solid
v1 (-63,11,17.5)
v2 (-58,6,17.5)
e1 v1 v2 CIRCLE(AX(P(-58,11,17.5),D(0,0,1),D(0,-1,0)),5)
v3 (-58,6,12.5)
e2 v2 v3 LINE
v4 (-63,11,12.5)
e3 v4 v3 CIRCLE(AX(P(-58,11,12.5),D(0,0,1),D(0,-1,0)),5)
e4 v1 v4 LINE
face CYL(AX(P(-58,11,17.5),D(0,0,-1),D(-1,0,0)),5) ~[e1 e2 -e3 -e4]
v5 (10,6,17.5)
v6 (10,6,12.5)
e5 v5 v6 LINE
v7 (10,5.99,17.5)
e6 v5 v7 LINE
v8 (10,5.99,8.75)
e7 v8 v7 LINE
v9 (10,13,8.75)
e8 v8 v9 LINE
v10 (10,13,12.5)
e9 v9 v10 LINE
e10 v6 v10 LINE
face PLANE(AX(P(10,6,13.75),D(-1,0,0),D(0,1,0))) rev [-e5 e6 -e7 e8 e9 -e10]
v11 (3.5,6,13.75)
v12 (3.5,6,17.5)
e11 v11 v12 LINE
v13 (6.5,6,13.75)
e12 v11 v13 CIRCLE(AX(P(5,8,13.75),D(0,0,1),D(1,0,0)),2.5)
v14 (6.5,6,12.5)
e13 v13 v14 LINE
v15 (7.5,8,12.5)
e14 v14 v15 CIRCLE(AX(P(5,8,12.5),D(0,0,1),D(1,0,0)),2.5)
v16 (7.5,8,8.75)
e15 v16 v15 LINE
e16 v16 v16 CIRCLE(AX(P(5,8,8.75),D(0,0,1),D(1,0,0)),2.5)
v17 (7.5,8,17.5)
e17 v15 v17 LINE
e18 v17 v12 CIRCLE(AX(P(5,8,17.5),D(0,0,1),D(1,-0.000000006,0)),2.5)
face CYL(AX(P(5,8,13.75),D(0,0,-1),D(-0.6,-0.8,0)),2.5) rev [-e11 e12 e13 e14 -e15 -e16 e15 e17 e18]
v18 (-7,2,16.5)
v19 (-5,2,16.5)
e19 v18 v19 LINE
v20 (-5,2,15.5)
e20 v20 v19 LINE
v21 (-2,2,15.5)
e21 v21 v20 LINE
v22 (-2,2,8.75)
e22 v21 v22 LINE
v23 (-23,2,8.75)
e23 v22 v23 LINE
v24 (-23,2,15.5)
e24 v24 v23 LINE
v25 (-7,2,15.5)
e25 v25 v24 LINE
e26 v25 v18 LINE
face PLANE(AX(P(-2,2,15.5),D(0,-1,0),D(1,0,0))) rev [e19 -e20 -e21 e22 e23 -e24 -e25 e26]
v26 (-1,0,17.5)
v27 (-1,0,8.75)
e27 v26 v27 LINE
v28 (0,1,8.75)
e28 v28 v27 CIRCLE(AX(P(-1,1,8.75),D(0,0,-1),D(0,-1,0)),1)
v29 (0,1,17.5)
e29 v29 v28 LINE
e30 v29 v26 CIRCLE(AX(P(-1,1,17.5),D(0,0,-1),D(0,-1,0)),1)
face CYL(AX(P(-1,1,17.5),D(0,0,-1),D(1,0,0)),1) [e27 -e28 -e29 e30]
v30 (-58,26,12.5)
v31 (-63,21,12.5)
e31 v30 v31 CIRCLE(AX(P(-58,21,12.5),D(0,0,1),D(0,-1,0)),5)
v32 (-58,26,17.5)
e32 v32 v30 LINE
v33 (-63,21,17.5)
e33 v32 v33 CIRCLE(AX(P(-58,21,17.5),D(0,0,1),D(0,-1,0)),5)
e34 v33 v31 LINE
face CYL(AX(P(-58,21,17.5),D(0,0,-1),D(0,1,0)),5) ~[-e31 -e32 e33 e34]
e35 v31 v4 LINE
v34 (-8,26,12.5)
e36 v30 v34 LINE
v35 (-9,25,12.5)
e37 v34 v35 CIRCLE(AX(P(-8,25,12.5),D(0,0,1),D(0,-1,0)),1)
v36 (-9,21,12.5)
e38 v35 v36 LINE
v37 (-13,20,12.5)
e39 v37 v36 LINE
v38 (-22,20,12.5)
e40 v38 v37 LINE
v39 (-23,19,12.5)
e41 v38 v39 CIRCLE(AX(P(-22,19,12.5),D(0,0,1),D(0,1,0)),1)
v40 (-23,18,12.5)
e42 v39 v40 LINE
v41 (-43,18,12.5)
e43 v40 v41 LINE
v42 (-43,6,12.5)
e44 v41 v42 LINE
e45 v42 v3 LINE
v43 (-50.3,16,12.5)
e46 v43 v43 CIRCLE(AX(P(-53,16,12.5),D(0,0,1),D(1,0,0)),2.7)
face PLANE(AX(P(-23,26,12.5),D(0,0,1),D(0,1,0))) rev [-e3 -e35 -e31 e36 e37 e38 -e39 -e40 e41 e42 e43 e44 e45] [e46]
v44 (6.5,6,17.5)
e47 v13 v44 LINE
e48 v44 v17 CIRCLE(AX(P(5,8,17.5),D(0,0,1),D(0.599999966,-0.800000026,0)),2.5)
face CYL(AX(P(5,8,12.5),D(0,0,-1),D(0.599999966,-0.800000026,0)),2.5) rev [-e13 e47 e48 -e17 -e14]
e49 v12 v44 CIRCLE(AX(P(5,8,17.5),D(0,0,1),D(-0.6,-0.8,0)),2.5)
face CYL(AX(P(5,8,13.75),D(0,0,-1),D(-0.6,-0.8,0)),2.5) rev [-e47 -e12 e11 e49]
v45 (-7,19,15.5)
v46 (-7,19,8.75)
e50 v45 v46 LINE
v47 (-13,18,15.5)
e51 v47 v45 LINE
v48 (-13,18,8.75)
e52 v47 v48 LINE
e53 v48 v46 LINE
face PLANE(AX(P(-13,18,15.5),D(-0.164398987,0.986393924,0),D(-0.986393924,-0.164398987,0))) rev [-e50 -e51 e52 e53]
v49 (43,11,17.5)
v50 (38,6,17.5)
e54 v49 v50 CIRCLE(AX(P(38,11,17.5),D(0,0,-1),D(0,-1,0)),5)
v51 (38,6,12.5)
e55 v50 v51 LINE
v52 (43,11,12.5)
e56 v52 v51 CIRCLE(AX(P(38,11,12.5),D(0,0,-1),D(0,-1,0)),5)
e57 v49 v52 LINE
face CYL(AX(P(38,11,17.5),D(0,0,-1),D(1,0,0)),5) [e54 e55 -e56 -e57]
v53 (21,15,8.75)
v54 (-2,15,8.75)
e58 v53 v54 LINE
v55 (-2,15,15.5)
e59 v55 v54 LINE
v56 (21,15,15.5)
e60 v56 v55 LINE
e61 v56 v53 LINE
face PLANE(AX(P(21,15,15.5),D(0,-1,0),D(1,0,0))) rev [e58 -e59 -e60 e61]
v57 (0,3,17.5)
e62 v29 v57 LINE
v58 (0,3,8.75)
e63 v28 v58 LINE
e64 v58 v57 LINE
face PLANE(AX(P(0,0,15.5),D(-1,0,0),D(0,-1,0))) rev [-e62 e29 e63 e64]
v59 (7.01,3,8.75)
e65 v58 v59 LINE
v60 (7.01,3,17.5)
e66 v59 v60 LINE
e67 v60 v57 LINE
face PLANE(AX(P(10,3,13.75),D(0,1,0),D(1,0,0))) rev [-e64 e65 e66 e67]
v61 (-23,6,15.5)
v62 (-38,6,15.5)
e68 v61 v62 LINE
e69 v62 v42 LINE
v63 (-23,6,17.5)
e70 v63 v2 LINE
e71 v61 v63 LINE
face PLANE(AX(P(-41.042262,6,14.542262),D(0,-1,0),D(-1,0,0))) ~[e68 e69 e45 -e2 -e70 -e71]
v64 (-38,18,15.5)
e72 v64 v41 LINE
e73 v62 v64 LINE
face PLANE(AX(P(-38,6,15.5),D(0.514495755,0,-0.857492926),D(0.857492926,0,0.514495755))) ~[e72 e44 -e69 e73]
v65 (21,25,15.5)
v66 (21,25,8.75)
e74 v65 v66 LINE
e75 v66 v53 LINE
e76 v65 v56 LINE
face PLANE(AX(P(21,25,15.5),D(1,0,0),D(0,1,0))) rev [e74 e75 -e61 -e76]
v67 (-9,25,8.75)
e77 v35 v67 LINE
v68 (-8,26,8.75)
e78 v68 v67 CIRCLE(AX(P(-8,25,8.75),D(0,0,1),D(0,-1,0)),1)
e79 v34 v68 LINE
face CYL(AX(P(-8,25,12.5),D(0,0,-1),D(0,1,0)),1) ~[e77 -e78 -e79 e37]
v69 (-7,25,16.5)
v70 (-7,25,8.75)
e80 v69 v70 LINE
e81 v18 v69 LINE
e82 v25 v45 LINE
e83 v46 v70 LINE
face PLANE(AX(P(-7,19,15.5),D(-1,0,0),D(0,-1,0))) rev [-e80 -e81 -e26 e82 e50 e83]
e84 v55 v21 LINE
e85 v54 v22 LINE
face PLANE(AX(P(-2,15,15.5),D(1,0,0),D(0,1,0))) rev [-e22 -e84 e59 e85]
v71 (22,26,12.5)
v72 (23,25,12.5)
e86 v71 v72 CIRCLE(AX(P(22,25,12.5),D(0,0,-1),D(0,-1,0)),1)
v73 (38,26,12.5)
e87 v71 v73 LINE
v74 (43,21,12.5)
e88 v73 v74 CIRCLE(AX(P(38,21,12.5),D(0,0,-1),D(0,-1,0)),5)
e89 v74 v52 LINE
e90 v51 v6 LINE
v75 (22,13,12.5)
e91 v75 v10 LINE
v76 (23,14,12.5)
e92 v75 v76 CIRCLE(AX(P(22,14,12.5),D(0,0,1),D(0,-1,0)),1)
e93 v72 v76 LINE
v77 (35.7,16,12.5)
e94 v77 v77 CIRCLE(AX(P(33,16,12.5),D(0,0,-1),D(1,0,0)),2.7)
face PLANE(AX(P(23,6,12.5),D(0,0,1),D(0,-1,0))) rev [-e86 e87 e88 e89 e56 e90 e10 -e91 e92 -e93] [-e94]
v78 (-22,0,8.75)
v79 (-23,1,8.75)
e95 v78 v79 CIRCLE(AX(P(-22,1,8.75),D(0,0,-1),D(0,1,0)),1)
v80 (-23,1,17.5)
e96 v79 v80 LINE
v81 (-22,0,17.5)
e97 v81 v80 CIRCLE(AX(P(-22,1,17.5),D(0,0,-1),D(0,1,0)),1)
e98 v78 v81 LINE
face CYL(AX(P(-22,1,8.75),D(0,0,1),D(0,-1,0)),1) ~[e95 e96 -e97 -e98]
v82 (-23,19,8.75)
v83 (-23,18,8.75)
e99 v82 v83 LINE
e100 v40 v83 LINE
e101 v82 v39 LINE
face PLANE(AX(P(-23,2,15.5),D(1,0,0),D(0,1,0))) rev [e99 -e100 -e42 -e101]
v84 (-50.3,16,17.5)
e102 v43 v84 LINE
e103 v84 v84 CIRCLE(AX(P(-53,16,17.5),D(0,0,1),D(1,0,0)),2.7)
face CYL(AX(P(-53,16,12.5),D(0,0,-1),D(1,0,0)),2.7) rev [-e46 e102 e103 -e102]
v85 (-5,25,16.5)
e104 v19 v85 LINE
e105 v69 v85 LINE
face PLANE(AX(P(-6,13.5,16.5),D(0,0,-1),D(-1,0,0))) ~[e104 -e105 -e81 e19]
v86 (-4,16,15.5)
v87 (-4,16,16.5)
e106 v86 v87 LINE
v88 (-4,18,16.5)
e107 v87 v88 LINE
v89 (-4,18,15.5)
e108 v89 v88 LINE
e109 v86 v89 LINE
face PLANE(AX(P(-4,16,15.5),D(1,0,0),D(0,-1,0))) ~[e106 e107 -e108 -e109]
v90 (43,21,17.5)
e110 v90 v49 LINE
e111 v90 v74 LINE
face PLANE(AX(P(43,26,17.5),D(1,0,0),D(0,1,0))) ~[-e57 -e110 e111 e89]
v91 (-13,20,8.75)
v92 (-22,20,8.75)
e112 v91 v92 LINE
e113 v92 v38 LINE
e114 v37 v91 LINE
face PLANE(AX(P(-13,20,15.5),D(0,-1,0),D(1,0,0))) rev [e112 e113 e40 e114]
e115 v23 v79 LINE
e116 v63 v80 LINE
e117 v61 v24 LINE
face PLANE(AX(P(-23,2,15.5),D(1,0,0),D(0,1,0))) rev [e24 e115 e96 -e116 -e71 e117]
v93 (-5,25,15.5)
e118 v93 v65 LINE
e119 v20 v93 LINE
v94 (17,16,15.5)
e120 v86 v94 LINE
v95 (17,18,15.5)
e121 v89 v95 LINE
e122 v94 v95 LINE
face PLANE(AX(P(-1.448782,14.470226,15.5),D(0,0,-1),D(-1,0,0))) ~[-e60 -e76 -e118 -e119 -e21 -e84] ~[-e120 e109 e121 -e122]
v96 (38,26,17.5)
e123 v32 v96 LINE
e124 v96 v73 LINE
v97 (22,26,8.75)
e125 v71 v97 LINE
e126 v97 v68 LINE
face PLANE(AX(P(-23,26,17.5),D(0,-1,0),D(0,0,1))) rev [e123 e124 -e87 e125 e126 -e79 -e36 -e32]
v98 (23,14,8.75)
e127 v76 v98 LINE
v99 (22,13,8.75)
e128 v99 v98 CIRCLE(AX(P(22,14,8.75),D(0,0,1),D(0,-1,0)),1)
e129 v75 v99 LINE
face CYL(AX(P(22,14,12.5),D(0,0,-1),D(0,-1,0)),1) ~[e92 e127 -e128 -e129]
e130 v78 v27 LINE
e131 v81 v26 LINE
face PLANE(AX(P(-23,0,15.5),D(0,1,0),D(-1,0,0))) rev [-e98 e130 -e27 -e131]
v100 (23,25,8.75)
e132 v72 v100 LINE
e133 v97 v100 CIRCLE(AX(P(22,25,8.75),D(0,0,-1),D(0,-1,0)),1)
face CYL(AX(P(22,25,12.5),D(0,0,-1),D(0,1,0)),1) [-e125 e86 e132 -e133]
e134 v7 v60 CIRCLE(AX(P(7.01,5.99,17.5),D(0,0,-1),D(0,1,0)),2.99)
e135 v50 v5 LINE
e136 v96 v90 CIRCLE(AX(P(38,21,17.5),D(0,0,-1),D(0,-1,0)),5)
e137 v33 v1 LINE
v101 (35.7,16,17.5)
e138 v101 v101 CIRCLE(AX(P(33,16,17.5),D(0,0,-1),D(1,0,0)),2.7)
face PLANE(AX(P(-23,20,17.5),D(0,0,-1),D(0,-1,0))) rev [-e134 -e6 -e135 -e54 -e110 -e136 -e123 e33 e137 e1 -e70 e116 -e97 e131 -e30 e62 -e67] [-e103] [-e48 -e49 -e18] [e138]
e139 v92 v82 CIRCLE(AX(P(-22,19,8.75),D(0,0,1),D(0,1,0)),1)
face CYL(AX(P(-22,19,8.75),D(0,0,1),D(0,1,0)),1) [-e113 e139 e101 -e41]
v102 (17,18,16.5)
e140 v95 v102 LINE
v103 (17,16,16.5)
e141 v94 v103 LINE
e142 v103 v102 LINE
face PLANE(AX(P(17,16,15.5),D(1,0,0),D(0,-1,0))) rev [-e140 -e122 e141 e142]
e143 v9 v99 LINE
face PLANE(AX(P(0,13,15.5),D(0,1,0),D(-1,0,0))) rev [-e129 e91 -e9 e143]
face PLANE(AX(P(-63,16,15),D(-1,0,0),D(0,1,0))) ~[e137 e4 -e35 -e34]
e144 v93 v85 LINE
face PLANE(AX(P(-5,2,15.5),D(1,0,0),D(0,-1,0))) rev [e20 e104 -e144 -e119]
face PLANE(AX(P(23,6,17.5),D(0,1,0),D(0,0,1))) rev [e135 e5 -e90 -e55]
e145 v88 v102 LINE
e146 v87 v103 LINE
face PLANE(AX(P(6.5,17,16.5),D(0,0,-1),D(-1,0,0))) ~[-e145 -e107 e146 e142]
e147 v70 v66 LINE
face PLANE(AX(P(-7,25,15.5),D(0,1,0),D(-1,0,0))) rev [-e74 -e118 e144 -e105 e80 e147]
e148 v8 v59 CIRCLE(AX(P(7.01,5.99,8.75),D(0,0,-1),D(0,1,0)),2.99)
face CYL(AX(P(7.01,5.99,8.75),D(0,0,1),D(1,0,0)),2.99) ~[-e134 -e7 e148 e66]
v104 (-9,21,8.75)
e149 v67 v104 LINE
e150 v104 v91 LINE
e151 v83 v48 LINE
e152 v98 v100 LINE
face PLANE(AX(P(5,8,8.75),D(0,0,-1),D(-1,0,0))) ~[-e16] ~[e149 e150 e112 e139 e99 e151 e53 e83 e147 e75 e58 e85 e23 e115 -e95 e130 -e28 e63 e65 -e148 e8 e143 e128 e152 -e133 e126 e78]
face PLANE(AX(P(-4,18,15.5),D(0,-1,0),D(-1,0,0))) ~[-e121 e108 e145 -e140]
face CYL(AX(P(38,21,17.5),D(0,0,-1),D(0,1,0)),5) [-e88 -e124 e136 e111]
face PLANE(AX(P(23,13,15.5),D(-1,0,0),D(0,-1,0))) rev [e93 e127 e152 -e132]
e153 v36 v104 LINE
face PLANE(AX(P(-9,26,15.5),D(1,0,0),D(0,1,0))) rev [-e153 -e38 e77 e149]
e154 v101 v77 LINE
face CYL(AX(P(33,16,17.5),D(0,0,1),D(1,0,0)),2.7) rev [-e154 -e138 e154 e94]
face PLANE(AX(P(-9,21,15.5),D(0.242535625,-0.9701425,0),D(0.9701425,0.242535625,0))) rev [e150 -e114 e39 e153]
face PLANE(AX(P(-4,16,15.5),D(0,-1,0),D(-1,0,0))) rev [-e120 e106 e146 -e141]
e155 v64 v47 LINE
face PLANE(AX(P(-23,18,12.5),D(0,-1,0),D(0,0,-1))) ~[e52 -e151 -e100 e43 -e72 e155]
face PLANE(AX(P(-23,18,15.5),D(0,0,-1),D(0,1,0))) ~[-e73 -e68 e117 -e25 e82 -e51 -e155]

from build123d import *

# Parameters (mm, degrees)
PAD101_DEPTH    = 2
PAD102_DEPTH    = 6.75
SKETCH142_W     = 2
SKETCH142_H     = 23
SKETCH142_W_2   = 21
SKETCH142_H_2   = 2
POCKET042_DEPTH = 1
SKETCH143_W     = 10
SKETCH143_H     = 10
PAD103_DEPTH    = 5
SKETCH144_R     = 2.5
POCKET043_DEPTH = 5
SKETCH145_W     = 20
SKETCH145_H     = 20
PAD104_DEPTH    = 5
SKETCH146_R     = 2.7
POCKET044_DEPTH = 8.751
PAD105_DEPTH    = 23
PAD106_DEPTH    = 3.75
POCKET045_DEPTH = 5.001
PAD107_DEPTH    = 20
SKETCH148_W     = 20
SKETCH148_H     = 5
PAD108_DEPTH    = 20
PAD109_DEPTH    = 14
SKETCH149_R     = 2.7
POCKET046_DEPTH = 5
FILLET021_R     = 5
FILLET022_R     = 2.99
FILLET023_R     = 1
PAD110_DEPTH    = 12


with BuildPart() as body050:
    # Sketch140 → Pad101 (new body)
    with BuildSketch(Plane.XY):
        Polygon((-23, 18), (-23, 0), (0, 0), (0, 13), (23, 13), (23, 26), (-7, 26), (-9, 26), (-9, 21), (-13, 20), (-23, 20), align=None)
    extrude(amount=PAD101_DEPTH)

    # Sketch141 (on Face13 of Pad101) → Pad102 (join)
    with BuildSketch(Plane.XY.offset(2)):
        Polygon((-23, 0), (0, 0), (0, 13), (23, 13), (23, 26), (-9, 26), (-9, 21), (-13, 20), (-23, 20), (-23, 18), (-13, 18), (-7, 19), (-7, 25), (21, 25), (21, 15), (-2, 15), (-2, 2), (-23, 2), align=None)
    extrude(amount=PAD102_DEPTH)

    # Sketch142 (on Face7 of Pad102) → Pocket042 (cut)
    with BuildSketch(Plane.XY.offset(2)):
        with Locations((-6, 13.5)):
            Rectangle(SKETCH142_W, SKETCH142_H)
        with Locations((6.5, 17)):
            Rectangle(SKETCH142_W_2, SKETCH142_H_2)
    extrude(amount=-POCKET042_DEPTH, mode=Mode.SUBTRACT)

    # Sketch143 (on Face18 of Pocket042) → Pad103 (join)
    with BuildSketch(Plane.XY.offset(8.75)):
        with Locations((5, 8)):
            Rectangle(SKETCH143_W, SKETCH143_H)
    extrude(amount=-PAD103_DEPTH)

    # Sketch144 (on Face29 of Pad103) → Pocket043 (cut)
    with BuildSketch(Plane.XY.offset(8.75)):
        with Locations((5, 8)):
            Circle(SKETCH144_R)
    extrude(amount=-POCKET043_DEPTH, mode=Mode.SUBTRACT)

    # Sketch145 (on Face4 of Pocket043) → Pad104 (join)
    with BuildSketch(Plane(origin=(0, 0, 0), x_dir=(1, 0, 0), z_dir=(0, 0, -1))):
        with Locations((33, -16)):
            Rectangle(SKETCH145_W, SKETCH145_H)
    extrude(amount=-PAD104_DEPTH)

    # Sketch146 (on Face13 of Pad104) → Pocket044 (cut, through all)
    with BuildSketch(Plane(origin=(0, 0, 0), x_dir=(1, 0, 0), z_dir=(0, 0, -1))):
        with Locations((33, -16)):
            Circle(SKETCH146_R)
    extrude(amount=-POCKET044_DEPTH, mode=Mode.SUBTRACT)

    # Pocket044 Face25 → Pad105 (add)
    with BuildSketch(Plane(origin=(23, 9.5, 2.5), x_dir=(0, 1, 0), z_dir=(-1, 0, 0))):
        Polygon((3.5, 2.5), (-3.5, 2.5), (-3.5, -2.5), (3.5, -2.5), (3.5, 0.5), align=None)
    extrude(amount=PAD105_DEPTH)

    # Pad105 Face46 → Pad106 (add)
    with BuildSketch(Plane(origin=(5, 4.454221, 3.75), x_dir=(0, -1, 0), z_dir=(0, 0, -1))):
        with BuildLine():
            Line((-1.545779, 5), (-1.545779, 1.5))
            ThreePointArc((-1.545779, 1.5), (-1.045779, 0), (-1.545779, -1.5))
            Line((-1.545779, -1.5), (-1.545779, -5))
            Line((-1.545779, -5), (1.454221, -5))
            Line((1.454221, -5), (1.454221, 5))
            Line((1.454221, 5), (-1.545779, 5))
        make_face()
    extrude(amount=PAD106_DEPTH)

    # Pad106 Face53 → Pocket045 (cut, through all)
    with BuildSketch(Plane(origin=(5, 8.120883, 5), x_dir=(0, 1, 0), z_dir=(0, 0, 1))):
        with BuildLine():
            ThreePointArc((-2.120883, -1.5), (-1.238917, -2.236068), (-0.120883, -2.5))
            ThreePointArc((-0.120883, -2.5), (2.115185, 1.118034), (-2.120883, 1.5))
            Line((-2.120883, 1.5), (-2.120883, -1.5))
        make_face()
    extrude(amount=-POCKET045_DEPTH, mode=Mode.SUBTRACT)

    # Sketch147 (on Face1 of Pocket045) → Pad107 (join)
    with BuildSketch(Plane(origin=(-23, 0, 0), x_dir=(0, -1, 0), z_dir=(-1, 0, 0))):
        Polygon((-26, 0), (-26, 5), (-18, 5), (-18, 2), (-6, 2), (-6, 0), align=None)
    extrude(amount=PAD107_DEPTH)

    # Sketch148 (on Face24 of Pad107) → Pad108 (join)
    with BuildSketch(Plane(origin=(-43, 0, 0), x_dir=(0, -1, 0), z_dir=(-1, 0, 0))):
        with Locations((-16, 2.5)):
            Rectangle(SKETCH148_W, SKETCH148_H)
    extrude(amount=PAD108_DEPTH)

    # Pad108 Face26 → Pad109 (add)
    with BuildSketch(Plane(origin=(-23, 23, 2.5), x_dir=(0, -1, 0), z_dir=(1, 0, 0))):
        Polygon((3, -2.5), (3, 0.5), (3, 2.5), (-3, 2.5), (-3, -2.5), align=None)
    extrude(amount=PAD109_DEPTH)

    # Sketch149 (on Face57 of Pad109) → Pocket046 (cut)
    with BuildSketch(Plane.XY.offset(5)):
        with Locations((-53, 16)):
            Circle(SKETCH149_R)
    extrude(amount=-POCKET046_DEPTH, mode=Mode.SUBTRACT)

    # Fillet021
    fillet021_edges = [body050.edges().sort_by_distance(p)[0] for p in [
        (-63, 26, 2.5),
        (-63, 6, 2.5),
        (43, 26, 2.5),
        (43, 6, 2.5),
    ]]
    fillet(fillet021_edges, radius=FILLET021_R)

    # Fillet022
    fillet022_edges = [body050.edges().sort_by_distance(p)[0] for p in [
        (10, 3, 1.875),
        (10, 3, 6.25),
    ]]
    fillet(fillet022_edges, radius=FILLET022_R)

    # Fillet023
    fillet023_edges = [body050.edges().sort_by_distance(p)[0] for p in [
        (-23, 0, 1),
        (-23, 0, 5.375),
        (0, 0, 5.375),
        (0, 0, 1),
        (23, 13, 6.875),
        (23, 26, 6.875),
        (-9, 26, 6.875),
        (-23, 20, 6.875),
    ]]
    fillet(fillet023_edges, radius=FILLET023_R)

    # Sketch150 (on Face26 of Fillet023) → Pad110 (join)
    with BuildSketch(Plane.XZ.offset(-6)):
        Polygon((-43, 5), (-43, 2), (-38, 2), align=None)
    extrude(amount=-PAD110_DEPTH)


with BuildPart() as part_mirroring003:
    # Part__Mirroring003: instance of Body050
    add(body050.part.mirror(Plane(origin=(0, 13, 0), x_dir=(0, 1, 0), z_dir=(0, 0, 1))))


with BuildPart() as part_mirroring003_1:
    # Part__Mirroring003 placement: moved
    add(part_mirroring003.part.moved(Location((0, 0, 17.5))))


solid = part_mirroring003_1.part
